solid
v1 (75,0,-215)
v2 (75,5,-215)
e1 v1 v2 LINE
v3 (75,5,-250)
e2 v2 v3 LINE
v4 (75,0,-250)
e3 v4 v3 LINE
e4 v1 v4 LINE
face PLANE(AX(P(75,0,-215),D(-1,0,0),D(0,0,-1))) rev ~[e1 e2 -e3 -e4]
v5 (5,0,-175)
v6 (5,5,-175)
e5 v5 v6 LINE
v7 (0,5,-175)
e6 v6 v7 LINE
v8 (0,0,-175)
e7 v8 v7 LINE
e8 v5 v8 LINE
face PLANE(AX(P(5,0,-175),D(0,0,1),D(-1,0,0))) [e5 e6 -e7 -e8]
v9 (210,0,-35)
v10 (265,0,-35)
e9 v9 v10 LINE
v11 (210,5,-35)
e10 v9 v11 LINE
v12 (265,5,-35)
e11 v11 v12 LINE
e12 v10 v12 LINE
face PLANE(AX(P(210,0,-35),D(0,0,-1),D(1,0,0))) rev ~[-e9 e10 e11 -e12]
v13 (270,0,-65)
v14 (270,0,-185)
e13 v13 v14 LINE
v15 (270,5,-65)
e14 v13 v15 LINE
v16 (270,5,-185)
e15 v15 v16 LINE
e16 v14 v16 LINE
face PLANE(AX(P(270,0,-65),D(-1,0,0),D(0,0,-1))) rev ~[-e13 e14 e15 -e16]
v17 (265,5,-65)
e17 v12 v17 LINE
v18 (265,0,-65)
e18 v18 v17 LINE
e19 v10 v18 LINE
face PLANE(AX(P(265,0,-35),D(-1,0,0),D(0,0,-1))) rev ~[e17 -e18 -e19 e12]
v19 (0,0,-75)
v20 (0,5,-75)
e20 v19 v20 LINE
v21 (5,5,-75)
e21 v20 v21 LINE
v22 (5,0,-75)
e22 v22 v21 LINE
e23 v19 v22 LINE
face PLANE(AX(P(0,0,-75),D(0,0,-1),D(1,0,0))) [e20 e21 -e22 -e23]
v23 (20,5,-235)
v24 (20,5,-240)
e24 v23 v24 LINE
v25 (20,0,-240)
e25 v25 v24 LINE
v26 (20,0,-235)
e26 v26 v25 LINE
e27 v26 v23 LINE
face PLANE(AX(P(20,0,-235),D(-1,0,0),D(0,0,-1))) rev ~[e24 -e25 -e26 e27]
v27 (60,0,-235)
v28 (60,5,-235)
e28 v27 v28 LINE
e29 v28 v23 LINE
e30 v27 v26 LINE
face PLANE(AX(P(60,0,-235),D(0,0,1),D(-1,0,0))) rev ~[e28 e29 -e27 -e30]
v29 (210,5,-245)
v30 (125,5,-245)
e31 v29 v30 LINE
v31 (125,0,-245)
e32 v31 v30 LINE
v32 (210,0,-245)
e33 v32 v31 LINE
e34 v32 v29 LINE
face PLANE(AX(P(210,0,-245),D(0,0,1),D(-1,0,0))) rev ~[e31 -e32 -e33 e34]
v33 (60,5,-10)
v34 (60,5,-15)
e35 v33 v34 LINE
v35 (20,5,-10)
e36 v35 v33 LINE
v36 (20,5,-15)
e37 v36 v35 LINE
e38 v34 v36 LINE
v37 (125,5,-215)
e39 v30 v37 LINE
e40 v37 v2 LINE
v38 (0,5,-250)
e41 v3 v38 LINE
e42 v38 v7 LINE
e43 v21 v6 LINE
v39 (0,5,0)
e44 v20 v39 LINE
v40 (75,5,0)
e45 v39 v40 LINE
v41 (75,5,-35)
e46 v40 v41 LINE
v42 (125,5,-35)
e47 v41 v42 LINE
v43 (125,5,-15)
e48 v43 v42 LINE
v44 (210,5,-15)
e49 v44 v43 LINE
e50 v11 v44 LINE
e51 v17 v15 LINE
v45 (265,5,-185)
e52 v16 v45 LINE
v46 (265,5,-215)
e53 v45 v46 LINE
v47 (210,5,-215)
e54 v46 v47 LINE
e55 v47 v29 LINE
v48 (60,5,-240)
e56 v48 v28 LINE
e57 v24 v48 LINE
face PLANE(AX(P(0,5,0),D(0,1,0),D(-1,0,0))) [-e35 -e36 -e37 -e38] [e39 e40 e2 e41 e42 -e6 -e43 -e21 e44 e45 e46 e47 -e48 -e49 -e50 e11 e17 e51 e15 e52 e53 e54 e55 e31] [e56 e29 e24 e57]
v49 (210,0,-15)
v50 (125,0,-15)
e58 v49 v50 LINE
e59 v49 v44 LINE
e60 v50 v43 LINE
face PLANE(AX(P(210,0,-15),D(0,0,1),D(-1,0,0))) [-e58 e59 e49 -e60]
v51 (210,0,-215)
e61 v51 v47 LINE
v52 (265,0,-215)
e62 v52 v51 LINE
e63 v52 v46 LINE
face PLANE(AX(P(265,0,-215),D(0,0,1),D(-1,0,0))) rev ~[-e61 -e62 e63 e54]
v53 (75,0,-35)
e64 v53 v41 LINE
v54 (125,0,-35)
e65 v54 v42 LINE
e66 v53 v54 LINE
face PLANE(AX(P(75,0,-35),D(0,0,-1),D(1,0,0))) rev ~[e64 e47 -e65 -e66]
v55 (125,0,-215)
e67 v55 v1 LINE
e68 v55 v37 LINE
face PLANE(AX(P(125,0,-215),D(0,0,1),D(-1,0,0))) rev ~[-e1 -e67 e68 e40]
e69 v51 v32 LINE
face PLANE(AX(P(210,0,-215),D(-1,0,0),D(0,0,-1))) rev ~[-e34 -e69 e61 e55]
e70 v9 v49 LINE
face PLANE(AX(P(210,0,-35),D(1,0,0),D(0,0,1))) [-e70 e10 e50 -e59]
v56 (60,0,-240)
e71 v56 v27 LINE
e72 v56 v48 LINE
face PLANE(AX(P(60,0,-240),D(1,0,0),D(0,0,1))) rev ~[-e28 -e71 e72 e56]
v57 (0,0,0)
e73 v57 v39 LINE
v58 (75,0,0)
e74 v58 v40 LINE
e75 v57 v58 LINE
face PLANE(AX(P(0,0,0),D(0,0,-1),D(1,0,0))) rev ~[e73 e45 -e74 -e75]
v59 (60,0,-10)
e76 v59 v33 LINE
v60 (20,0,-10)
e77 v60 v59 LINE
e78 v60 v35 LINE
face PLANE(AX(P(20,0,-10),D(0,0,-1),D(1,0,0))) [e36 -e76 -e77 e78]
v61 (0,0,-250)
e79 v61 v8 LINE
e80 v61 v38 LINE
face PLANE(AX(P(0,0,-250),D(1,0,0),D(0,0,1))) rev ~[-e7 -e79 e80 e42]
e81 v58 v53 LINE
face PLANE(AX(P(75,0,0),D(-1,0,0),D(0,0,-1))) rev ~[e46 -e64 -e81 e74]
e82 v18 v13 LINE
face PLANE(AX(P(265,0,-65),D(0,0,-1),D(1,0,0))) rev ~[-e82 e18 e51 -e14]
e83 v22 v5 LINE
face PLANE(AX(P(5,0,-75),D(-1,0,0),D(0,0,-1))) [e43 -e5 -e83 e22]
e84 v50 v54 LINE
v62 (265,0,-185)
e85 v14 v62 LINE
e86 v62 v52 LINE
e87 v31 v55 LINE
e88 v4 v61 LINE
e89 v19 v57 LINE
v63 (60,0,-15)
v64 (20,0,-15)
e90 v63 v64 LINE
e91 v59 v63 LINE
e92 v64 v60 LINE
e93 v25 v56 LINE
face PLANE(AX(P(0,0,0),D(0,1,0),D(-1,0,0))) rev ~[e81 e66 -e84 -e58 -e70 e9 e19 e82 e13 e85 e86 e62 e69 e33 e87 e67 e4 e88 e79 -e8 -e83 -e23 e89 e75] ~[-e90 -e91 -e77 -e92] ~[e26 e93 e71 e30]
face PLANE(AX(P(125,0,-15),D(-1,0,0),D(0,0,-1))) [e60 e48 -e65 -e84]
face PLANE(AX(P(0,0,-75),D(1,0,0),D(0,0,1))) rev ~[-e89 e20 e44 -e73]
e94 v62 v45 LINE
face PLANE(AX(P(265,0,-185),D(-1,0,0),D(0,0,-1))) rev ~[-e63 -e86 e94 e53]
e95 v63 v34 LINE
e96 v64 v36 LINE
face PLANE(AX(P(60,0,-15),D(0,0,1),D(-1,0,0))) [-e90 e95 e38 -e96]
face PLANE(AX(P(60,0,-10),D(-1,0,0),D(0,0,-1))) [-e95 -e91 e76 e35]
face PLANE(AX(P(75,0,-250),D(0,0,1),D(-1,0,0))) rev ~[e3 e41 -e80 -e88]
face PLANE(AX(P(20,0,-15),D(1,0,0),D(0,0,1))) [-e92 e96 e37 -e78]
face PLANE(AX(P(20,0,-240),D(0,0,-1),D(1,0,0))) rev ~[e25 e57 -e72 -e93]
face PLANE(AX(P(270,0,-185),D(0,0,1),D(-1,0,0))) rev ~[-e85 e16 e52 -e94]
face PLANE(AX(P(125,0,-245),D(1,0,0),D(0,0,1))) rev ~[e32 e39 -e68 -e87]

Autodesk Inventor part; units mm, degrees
ref_plane "YZ Plane" through (0, 0, 0) normal (1, 0, 0) x (0, 1, 0)
ref_plane "XZ Plane" through (0, 0, 0) normal (0, 1, 0) x (-1, 0, 0)
ref_plane "XY Plane" through (0, 0, 0) normal (0, 0, 1) x (1, 0, 0)
sketch "Sketch1" plane through (0, 0, 0) normal (0, 1, 0) x (-1, 0, 0)
  line L0 (0, 0) -> (-75, 0)
  line L1 (-75, 0) -> (-75, -250)
  line L2 (-75, -250) -> (0, -250)
  line L3 (0, -250) -> (0, 0)
  line L4 (-20, -10) -> (-60, -10)
  line L5 (-60, -10) -> (-60, -15)
  line L6 (-60, -15) -> (-20, -15)
  line L7 (-20, -15) -> (-20, -10)
  line L8 (-75, -125) -> (0, -125) construction
  line L9 (-20, -240) -> (-60, -240)
  line L10 (-60, -240) -> (-60, -235)
  line L11 (-60, -235) -> (-20, -235)
  line L12 (-20, -235) -> (-20, -240)
  line L13 (-75, -35) -> (-265, -35)
  line L14 (-265, -35) -> (-265, -215)
  line L15 (-265, -215) -> (-75, -215)
  line L16 (-75, -215) -> (-75, -35)
  line L17 (-265, -65) -> (-270, -65)
  line L18 (-270, -65) -> (-270, -185)
  line L19 (-270, -185) -> (-265, -185)
  line L20 (-265, -185) -> (-265, -65)
  line L21 (0, -75) -> (-5, -75)
  line L22 (-5, -75) -> (-5, -175)
  line L23 (-5, -175) -> (0, -175)
  line L24 (0, -175) -> (0, -75)
  line L25 (-125, -35) -> (-210, -35)
  line L26 (-210, -35) -> (-210, -15)
  line L27 (-210, -15) -> (-125, -15)
  line L28 (-125, -15) -> (-125, -35)
  line L29 (-125, -215) -> (-210, -215)
  line L30 (-210, -215) -> (-210, -245)
  line L31 (-210, -245) -> (-125, -245)
  line L32 (-125, -245) -> (-125, -215)
  point P0 (-75, -215)
  point P1 (-265, -185)
  point P2 (0, -175)
  dimension "d0" = 75
  dimension "d2" = 40
  dimension "d3" = 5
  dimension "d6" = 190
  dimension "d7" = 180
  dimension "d8" = 5
  dimension "d9" = 120
  dimension "d11" = 20
  dimension "d12" = 5
  dimension "d13" = 100
  dimension "d14" = 75
  dimension "d15" = 85
  dimension "d16" = 50
  dimension "d17" = 10
  dimension "d18" = 30
  dimension "d19" = 230
  dimension "d20" = 35
extrude "Extrusion1" add sketch "Sketch1" along normal blind 5 contours L3 L21 L22 L23 L2 L1 L0 | L1 L15 L14 L13 | L13 L26 L27 L28 | L32 L31 L30 L15 | L14 L19 L18 L17
properties part number "hood"
